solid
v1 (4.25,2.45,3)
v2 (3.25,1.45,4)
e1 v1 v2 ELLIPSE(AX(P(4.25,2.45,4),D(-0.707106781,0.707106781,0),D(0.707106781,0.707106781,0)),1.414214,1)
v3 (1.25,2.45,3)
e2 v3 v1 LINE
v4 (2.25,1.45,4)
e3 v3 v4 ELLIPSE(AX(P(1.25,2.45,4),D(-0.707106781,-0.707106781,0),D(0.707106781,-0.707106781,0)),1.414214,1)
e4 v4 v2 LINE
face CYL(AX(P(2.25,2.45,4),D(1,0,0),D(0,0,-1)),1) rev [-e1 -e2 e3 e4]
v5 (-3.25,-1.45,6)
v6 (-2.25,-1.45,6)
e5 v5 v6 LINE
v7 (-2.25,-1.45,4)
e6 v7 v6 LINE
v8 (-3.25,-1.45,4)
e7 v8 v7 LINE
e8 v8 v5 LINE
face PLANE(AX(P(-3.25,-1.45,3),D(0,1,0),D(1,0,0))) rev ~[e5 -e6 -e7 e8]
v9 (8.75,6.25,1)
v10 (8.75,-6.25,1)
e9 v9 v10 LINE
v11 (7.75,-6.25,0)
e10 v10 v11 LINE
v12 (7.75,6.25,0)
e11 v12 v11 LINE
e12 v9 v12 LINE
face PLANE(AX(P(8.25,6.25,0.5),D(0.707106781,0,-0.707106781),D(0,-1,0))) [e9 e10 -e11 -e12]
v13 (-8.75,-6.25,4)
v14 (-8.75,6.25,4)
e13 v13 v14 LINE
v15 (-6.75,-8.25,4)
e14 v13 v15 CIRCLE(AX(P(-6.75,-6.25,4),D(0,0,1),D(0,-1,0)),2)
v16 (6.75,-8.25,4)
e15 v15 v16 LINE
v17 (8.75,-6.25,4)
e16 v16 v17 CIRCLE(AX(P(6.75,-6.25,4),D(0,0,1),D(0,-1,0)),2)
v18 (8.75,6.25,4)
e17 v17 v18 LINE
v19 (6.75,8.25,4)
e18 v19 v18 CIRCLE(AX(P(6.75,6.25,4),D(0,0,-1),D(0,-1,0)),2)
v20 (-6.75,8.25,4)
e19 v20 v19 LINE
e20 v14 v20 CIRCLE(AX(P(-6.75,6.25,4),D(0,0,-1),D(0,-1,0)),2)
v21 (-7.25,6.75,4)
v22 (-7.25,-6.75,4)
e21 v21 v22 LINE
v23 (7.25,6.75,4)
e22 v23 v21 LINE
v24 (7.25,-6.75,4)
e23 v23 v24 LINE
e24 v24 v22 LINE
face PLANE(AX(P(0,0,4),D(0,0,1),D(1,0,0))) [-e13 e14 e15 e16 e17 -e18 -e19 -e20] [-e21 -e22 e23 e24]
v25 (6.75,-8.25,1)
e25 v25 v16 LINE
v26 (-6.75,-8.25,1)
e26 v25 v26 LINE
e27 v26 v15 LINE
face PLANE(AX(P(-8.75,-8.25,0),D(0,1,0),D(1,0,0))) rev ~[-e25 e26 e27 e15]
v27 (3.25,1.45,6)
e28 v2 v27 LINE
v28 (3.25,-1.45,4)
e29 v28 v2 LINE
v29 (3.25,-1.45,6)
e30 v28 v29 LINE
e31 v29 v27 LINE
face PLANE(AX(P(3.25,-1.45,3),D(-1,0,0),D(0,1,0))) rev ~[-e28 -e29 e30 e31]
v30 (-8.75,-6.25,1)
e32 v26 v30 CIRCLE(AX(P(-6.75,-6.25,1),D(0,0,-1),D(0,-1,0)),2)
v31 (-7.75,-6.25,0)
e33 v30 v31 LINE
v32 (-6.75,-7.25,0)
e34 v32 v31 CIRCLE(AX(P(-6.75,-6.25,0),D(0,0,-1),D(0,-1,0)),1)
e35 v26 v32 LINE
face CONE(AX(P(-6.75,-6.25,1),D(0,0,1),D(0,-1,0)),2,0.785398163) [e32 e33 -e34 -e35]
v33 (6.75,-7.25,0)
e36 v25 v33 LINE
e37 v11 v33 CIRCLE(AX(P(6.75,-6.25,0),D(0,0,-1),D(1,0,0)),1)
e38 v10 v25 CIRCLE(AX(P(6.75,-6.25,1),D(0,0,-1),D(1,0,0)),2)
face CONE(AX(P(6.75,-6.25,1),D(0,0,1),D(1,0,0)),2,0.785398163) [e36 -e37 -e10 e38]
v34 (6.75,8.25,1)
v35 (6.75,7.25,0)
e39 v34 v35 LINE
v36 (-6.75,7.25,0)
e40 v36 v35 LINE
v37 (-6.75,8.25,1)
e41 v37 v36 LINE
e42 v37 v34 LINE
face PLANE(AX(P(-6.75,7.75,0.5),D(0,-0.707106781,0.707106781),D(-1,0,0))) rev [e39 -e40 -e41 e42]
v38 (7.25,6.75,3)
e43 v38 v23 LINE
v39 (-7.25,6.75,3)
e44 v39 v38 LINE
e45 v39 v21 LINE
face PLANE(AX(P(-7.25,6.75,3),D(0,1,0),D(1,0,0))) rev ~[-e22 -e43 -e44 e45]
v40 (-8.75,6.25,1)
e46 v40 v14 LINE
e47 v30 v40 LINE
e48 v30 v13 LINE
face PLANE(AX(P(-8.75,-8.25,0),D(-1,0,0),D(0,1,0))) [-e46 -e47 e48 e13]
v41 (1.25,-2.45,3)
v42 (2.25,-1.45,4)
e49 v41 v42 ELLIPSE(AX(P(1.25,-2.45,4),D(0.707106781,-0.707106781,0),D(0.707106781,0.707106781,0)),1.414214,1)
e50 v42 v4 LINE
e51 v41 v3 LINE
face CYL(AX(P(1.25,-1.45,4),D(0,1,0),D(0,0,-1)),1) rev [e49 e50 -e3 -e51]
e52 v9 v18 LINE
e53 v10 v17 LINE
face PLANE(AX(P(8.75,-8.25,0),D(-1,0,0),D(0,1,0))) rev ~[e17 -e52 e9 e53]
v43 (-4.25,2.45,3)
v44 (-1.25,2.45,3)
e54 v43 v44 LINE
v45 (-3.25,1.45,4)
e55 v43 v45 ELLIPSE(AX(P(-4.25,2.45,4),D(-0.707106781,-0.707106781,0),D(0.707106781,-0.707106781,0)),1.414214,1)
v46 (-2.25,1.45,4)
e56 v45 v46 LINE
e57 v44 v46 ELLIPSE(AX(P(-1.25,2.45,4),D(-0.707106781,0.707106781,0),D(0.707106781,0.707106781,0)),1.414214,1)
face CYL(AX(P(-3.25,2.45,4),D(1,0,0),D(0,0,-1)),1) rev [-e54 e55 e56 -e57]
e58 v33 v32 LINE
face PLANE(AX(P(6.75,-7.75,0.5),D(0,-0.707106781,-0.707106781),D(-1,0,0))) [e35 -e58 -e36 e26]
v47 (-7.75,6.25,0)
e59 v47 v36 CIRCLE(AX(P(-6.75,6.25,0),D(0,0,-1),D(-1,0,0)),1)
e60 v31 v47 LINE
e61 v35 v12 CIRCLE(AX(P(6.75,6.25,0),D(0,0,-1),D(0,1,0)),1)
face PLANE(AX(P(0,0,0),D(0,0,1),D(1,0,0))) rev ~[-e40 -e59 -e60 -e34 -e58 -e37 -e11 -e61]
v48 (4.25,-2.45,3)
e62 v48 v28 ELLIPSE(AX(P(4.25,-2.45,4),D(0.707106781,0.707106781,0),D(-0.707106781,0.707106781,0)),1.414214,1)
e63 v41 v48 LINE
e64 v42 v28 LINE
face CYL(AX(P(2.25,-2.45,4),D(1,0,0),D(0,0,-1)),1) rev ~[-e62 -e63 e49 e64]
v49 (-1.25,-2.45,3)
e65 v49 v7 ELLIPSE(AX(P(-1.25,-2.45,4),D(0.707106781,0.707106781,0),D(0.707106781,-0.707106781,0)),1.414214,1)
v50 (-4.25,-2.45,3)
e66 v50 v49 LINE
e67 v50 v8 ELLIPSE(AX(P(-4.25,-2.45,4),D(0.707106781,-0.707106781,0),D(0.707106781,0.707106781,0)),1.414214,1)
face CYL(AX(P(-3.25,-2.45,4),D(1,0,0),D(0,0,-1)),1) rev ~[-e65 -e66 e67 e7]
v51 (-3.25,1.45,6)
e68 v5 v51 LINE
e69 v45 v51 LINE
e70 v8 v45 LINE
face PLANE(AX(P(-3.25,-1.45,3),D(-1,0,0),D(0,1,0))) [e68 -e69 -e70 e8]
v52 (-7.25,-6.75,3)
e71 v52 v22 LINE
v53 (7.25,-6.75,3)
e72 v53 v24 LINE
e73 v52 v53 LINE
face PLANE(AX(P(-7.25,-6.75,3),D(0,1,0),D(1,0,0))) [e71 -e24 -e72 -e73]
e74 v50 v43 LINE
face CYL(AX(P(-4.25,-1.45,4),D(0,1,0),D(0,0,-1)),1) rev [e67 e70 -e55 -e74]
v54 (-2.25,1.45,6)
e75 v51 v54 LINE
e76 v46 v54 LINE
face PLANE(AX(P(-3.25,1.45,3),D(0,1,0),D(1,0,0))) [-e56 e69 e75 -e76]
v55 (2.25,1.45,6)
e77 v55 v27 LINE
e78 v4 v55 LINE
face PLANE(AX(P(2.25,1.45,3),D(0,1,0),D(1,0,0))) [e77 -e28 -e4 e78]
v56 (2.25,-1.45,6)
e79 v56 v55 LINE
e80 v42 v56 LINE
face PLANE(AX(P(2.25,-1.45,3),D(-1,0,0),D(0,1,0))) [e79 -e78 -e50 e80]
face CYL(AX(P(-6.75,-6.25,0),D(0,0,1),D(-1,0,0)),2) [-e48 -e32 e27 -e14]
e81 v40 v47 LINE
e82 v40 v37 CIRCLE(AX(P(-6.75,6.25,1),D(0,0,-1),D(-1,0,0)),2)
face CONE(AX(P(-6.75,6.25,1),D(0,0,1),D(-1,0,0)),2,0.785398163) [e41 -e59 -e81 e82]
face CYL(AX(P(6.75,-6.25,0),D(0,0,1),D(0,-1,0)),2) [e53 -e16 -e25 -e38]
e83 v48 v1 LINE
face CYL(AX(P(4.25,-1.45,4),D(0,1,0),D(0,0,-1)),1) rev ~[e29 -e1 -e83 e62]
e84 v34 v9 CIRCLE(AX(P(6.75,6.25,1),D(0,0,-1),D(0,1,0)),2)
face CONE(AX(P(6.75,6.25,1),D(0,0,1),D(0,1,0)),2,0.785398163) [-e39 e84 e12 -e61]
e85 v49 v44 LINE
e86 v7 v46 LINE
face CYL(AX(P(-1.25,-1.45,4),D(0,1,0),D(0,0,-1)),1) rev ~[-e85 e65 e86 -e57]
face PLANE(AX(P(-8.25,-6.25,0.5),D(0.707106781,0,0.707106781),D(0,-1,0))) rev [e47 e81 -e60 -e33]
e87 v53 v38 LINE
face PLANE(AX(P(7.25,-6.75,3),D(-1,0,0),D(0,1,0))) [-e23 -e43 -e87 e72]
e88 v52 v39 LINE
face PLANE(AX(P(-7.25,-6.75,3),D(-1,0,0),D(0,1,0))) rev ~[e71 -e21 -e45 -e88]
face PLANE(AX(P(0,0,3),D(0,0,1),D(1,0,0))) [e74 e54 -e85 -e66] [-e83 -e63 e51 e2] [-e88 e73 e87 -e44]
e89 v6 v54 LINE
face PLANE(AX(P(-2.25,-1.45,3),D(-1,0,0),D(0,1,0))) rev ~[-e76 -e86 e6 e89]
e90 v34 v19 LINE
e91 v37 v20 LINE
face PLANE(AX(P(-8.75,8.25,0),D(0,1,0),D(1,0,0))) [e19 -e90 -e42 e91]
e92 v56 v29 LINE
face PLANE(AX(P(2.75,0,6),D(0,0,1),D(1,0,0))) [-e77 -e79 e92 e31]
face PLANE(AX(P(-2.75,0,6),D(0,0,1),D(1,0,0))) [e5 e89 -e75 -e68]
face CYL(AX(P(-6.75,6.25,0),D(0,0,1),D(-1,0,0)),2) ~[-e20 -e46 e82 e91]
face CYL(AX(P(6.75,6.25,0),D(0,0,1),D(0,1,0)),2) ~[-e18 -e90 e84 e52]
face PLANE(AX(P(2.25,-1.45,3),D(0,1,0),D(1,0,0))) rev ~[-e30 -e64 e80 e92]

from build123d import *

# Parameters (mm, degrees)
SKETCH_W     = 17.5
SKETCH_H     = 16.5
PAD_DEPTH    = 4
SKETCH002_W  = 14.5
SKETCH002_H  = 13.5
POCKET_DEPTH = 5
SKETCH003_W  = 1
SKETCH003_H  = 2.9
PAD001_DEPTH = 3
FILLET_R     = 1
FILLET001_R  = 2
CHAMFER_SIZE = 1


with BuildPart() as part:
    # Sketch → Pad (new body)
    with BuildSketch(Plane.XY):
        Rectangle(SKETCH_W, SKETCH_H)
    extrude(amount=PAD_DEPTH)

    # Sketch002 → Pocket (cut)
    with BuildSketch(Plane.XY.offset(3)):
        Rectangle(SKETCH002_W, SKETCH002_H)
    extrude(amount=POCKET_DEPTH, mode=Mode.SUBTRACT)

    # Sketch003 (on Face11 of Pocket) → Pad001 (join)
    with BuildSketch(Plane.XY.offset(3)):
        with Locations((-2.75, 0)):
            Rectangle(SKETCH003_W, SKETCH003_H)
        with Locations((2.75, 0)):
            Rectangle(SKETCH003_W, SKETCH003_H)
    extrude(amount=PAD001_DEPTH)

    # Fillet
    fillet_edges = [part.edges().sort_by_distance(p)[0] for p in [
        (2.75, 1.45, 3),
        (3.25, 0, 3),
        (2.75, -1.45, 3),
        (2.25, 0, 3),
        (-2.75, 1.45, 3),
        (-3.25, 0, 3),
        (-2.75, -1.45, 3),
        (-2.25, 0, 3),
    ]]
    fillet(fillet_edges, radius=FILLET_R)

    # Fillet001
    fillet001_edges = [part.edges().sort_by_distance(p)[0] for p in [
        (-8.75, 8.25, 2),
        (8.75, 8.25, 2),
        (8.75, -8.25, 2),
        (-8.75, -8.25, 2),
    ]]
    fillet(fillet001_edges, radius=FILLET001_R)

    # Chamfer
    chamfer_edges = [part.edges().sort_by_distance(p)[0] for p in [
        (-8.75, 0, 0),
        (-8.164214, 7.664214, 0),
        (-8.164214, -7.664214, 0),
        (0, 8.25, 0),
        (0, -8.25, 0),
        (8.164214, 7.664214, 0),
        (8.164214, -7.664214, 0),
        (8.75, 0, 0),
    ]]
    chamfer(chamfer_edges, length=CHAMFER_SIZE)


solid = part.part
